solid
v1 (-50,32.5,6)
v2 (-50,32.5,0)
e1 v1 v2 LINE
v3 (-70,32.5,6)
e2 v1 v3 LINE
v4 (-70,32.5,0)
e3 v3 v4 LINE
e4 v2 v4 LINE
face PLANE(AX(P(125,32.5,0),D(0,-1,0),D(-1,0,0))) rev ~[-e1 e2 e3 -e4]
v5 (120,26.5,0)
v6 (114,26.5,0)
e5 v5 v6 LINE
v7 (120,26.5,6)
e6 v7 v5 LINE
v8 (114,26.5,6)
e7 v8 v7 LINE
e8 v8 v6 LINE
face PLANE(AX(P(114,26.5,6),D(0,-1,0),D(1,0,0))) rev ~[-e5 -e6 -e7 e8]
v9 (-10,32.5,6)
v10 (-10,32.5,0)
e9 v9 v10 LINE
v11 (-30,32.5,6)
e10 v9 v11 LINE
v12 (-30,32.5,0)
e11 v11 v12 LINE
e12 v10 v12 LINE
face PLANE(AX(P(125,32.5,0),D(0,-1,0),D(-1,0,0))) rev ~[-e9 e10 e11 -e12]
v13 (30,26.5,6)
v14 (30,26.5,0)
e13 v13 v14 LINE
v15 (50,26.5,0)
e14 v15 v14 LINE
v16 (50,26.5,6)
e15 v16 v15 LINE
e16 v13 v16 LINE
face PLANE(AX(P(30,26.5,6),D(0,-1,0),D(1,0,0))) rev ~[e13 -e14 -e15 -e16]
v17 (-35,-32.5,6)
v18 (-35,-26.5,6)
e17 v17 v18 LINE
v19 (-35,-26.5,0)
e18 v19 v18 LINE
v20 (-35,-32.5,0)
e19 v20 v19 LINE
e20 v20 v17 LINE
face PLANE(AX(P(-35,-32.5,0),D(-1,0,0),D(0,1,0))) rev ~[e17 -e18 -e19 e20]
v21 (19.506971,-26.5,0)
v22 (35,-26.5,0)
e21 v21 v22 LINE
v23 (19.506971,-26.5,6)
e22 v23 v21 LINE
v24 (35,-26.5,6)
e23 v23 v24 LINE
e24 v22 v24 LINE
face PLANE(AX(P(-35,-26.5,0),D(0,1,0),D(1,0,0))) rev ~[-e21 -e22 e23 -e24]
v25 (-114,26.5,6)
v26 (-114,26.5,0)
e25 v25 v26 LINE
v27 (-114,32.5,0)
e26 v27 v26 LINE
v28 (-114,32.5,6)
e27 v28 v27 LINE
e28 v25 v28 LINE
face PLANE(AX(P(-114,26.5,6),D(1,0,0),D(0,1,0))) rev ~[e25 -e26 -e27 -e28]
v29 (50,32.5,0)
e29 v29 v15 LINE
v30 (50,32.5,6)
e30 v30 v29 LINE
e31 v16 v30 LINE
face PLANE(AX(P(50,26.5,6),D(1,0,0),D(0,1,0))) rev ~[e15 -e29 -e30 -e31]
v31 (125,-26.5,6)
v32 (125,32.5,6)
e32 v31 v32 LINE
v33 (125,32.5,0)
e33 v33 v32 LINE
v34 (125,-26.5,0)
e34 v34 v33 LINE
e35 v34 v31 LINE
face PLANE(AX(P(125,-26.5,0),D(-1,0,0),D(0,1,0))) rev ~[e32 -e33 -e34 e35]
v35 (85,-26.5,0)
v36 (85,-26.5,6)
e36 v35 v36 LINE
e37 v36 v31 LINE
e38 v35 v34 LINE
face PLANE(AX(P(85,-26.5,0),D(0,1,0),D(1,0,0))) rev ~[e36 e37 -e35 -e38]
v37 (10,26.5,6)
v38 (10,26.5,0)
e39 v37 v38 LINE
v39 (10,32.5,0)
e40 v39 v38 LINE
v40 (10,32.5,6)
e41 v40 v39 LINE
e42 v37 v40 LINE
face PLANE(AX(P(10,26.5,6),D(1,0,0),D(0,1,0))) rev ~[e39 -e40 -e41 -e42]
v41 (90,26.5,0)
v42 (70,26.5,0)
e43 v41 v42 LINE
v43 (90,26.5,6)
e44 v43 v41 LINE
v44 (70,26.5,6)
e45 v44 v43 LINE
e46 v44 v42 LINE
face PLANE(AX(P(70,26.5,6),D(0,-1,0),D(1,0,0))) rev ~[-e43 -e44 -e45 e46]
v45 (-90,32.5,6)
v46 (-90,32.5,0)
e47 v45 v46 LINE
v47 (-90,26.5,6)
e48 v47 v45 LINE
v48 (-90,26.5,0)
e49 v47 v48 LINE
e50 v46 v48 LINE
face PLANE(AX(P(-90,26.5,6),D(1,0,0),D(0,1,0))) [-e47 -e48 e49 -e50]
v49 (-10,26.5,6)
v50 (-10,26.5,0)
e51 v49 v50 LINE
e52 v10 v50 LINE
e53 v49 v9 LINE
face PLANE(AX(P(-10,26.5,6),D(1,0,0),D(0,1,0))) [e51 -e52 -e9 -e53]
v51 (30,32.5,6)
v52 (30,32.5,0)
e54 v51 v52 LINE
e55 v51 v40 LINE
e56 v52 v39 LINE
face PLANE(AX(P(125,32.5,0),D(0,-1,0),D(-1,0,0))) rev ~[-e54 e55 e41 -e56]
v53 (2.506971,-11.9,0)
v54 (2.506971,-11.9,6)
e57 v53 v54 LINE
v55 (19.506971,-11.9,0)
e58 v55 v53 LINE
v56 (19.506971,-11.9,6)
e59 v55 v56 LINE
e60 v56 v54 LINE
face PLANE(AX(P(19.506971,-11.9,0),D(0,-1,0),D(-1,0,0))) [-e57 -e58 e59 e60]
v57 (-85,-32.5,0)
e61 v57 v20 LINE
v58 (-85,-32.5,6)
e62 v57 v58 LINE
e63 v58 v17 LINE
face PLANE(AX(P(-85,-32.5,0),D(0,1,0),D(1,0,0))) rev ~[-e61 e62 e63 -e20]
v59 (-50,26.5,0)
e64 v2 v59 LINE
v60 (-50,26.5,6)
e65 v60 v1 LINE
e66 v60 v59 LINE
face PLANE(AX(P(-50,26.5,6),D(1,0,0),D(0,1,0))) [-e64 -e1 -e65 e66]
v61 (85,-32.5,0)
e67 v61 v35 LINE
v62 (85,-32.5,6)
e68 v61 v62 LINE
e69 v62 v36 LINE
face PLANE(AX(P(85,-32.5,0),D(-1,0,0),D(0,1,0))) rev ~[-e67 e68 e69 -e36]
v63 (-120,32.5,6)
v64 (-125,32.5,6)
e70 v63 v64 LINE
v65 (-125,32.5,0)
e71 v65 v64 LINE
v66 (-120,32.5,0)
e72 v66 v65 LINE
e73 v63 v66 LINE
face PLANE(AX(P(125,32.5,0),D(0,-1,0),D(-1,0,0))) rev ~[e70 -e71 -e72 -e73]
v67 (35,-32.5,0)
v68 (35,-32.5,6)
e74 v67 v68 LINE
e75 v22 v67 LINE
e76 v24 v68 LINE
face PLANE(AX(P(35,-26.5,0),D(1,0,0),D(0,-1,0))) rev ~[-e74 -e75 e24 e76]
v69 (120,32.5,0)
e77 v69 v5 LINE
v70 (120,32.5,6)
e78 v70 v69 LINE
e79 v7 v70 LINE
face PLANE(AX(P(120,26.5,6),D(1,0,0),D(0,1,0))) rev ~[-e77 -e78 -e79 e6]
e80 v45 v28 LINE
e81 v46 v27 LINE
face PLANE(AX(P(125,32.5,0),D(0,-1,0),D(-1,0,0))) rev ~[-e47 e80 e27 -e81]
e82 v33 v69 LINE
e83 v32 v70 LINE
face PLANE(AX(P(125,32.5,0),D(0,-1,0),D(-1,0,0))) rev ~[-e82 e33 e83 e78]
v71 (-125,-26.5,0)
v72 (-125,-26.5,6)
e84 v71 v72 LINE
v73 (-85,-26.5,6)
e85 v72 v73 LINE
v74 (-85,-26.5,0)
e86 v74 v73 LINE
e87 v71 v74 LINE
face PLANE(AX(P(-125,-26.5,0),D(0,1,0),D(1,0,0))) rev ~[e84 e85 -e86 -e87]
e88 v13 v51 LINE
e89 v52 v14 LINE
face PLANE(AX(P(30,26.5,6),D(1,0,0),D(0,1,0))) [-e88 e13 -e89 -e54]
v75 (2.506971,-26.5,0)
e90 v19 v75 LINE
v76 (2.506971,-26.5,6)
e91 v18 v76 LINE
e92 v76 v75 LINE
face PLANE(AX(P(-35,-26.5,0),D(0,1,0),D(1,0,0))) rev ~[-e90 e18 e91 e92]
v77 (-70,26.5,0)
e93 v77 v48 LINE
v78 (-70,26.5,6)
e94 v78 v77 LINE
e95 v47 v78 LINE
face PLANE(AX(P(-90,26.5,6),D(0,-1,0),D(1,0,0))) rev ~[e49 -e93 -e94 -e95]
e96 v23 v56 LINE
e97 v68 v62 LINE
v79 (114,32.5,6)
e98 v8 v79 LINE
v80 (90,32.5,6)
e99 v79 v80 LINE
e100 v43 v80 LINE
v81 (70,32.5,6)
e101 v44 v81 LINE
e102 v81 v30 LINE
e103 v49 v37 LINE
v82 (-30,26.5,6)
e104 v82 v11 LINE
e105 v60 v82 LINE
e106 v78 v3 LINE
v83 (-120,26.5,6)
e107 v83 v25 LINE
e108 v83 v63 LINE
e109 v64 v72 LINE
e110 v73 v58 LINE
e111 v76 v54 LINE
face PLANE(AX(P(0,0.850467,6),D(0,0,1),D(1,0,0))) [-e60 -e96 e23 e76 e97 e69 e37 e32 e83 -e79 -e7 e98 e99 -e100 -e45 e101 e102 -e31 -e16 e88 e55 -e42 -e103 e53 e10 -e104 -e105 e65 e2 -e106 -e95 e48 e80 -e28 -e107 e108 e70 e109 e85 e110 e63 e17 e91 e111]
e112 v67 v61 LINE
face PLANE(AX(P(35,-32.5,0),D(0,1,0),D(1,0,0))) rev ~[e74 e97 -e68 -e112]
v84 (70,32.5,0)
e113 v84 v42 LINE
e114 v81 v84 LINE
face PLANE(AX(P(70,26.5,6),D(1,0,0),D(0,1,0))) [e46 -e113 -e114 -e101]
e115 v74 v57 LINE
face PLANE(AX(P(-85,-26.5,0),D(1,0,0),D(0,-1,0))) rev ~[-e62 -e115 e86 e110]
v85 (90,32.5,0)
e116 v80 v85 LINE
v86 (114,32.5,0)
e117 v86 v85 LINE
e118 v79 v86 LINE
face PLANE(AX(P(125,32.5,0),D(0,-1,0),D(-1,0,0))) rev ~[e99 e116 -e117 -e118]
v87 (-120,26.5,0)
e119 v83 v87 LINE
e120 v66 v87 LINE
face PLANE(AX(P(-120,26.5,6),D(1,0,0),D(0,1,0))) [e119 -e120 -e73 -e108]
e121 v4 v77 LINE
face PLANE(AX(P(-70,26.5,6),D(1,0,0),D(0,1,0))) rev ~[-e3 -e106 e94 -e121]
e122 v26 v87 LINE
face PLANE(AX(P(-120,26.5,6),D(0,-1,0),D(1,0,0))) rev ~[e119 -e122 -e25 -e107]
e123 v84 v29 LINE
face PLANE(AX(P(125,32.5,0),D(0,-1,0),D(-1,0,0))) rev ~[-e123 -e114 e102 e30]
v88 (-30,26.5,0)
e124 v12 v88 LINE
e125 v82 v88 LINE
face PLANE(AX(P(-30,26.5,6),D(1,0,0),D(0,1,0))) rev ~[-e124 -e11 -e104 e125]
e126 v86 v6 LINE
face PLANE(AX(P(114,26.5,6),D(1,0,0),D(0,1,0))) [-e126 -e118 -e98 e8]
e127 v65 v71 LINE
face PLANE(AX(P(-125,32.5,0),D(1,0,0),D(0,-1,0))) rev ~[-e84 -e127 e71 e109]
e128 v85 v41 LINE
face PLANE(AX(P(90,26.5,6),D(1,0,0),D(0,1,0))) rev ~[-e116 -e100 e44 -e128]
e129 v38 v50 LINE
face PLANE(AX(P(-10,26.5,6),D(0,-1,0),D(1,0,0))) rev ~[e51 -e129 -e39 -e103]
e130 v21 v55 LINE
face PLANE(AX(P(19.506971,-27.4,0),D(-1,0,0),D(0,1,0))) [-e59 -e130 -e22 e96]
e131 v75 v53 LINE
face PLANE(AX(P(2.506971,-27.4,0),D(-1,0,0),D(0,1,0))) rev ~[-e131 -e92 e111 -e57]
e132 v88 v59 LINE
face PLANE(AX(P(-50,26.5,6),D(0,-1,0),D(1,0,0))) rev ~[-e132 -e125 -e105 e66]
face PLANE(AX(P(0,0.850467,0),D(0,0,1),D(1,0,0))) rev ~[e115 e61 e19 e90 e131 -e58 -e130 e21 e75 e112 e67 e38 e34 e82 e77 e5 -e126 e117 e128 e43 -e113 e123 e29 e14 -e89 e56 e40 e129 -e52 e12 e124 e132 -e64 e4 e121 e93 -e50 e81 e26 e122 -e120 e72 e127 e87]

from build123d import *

# Parameters (mm, degrees)
BOSS_EXTRUDE1_DEPTH = 6
CUT_EXTRUDE1_REACH  = 8
SKETCH2_W           = 20
SKETCH2_H           = 6
SKETCH2_W_2         = 6
CUT_EXTRUDE2_REACH  = 8
SKETCH3_W           = 17
SKETCH3_H           = 15.5


with BuildPart() as part:
    # Sketch1 → Boss-Extrude1 (new body)
    with BuildSketch(Plane.XY):
        Polygon((-85, -26.5), (-85, -32.5), (-35, -32.5), (-35, -26.5), (35, -26.5), (35, -32.5), (85, -32.5), (85, -26.5), (125, -26.5), (125, 32.5), (-125, 32.5), (-125, -26.5), align=None)
    extrude(amount=BOSS_EXTRUDE1_DEPTH)

    # Sketch2 → Cut-Extrude1 (cut, up to next)
    with BuildSketch(Plane.XY.offset(6), mode=Mode.PRIVATE) as cut_extrude1_sk1:
        with Locations((-80, 29.5)):
            Rectangle(SKETCH2_W, SKETCH2_H)
    cut_extrude1_tool1 = extrude(cut_extrude1_sk1.sketch, amount=-CUT_EXTRUDE1_REACH, mode=Mode.PRIVATE) & part.part
    add(cut_extrude1_tool1.solids().sort_by_distance((-80, 29.5, 6))[0], mode=Mode.SUBTRACT)
    # Sketch2 → Cut-Extrude1 (cut, up to next)
    with BuildSketch(Plane.XY.offset(6), mode=Mode.PRIVATE) as cut_extrude1_sk2:
        with Locations((-40, 29.5)):
            Rectangle(SKETCH2_W, SKETCH2_H)
    cut_extrude1_tool2 = extrude(cut_extrude1_sk2.sketch, amount=-CUT_EXTRUDE1_REACH, mode=Mode.PRIVATE) & part.part
    add(cut_extrude1_tool2.solids().sort_by_distance((-40, 29.5, 6))[0], mode=Mode.SUBTRACT)
    # Sketch2 → Cut-Extrude1 (cut, up to next)
    with BuildSketch(Plane.XY.offset(6), mode=Mode.PRIVATE) as cut_extrude1_sk3:
        with Locations((0, 29.5)):
            Rectangle(SKETCH2_W, SKETCH2_H)
    cut_extrude1_tool3 = extrude(cut_extrude1_sk3.sketch, amount=-CUT_EXTRUDE1_REACH, mode=Mode.PRIVATE) & part.part
    add(cut_extrude1_tool3.solids().sort_by_distance((0, 29.5, 6))[0], mode=Mode.SUBTRACT)
    # Sketch2 → Cut-Extrude1 (cut, up to next)
    with BuildSketch(Plane.XY.offset(6), mode=Mode.PRIVATE) as cut_extrude1_sk4:
        with Locations((40, 29.5)):
            Rectangle(SKETCH2_W, SKETCH2_H)
    cut_extrude1_tool4 = extrude(cut_extrude1_sk4.sketch, amount=-CUT_EXTRUDE1_REACH, mode=Mode.PRIVATE) & part.part
    add(cut_extrude1_tool4.solids().sort_by_distance((40, 29.5, 6))[0], mode=Mode.SUBTRACT)
    # Sketch2 → Cut-Extrude1 (cut, up to next)
    with BuildSketch(Plane.XY.offset(6), mode=Mode.PRIVATE) as cut_extrude1_sk5:
        with Locations((80, 29.5)):
            Rectangle(SKETCH2_W, SKETCH2_H)
    cut_extrude1_tool5 = extrude(cut_extrude1_sk5.sketch, amount=-CUT_EXTRUDE1_REACH, mode=Mode.PRIVATE) & part.part
    add(cut_extrude1_tool5.solids().sort_by_distance((80, 29.5, 6))[0], mode=Mode.SUBTRACT)
    # Sketch2 → Cut-Extrude1 (cut, up to next)
    with BuildSketch(Plane.XY.offset(6), mode=Mode.PRIVATE) as cut_extrude1_sk6:
        with Locations((-117, 29.5)):
            Rectangle(SKETCH2_W_2, SKETCH2_H)
    cut_extrude1_tool6 = extrude(cut_extrude1_sk6.sketch, amount=-CUT_EXTRUDE1_REACH, mode=Mode.PRIVATE) & part.part
    add(cut_extrude1_tool6.solids().sort_by_distance((-117, 29.5, 6))[0], mode=Mode.SUBTRACT)
    # Sketch2 → Cut-Extrude1 (cut, up to next)
    with BuildSketch(Plane.XY.offset(6), mode=Mode.PRIVATE) as cut_extrude1_sk7:
        with Locations((117, 29.5)):
            Rectangle(SKETCH2_W_2, SKETCH2_H)
    cut_extrude1_tool7 = extrude(cut_extrude1_sk7.sketch, amount=-CUT_EXTRUDE1_REACH, mode=Mode.PRIVATE) & part.part
    add(cut_extrude1_tool7.solids().sort_by_distance((117, 29.5, 6))[0], mode=Mode.SUBTRACT)

    # Sketch3 → Cut-Extrude2 (cut, up to next)
    with BuildSketch(Plane(origin=(0, 0, 0), x_dir=(-1, 0, 0), z_dir=(0, 0, -1)), mode=Mode.PRIVATE) as cut_extrude2_sk1:
        with Locations((-11.006971283, -19.65)):
            Rectangle(SKETCH3_W, SKETCH3_H)
    cut_extrude2_tool1 = extrude(cut_extrude2_sk1.sketch, amount=-CUT_EXTRUDE2_REACH, mode=Mode.PRIVATE) & part.part
    add(cut_extrude2_tool1.solids().sort_by_distance((11.006971, -19.65, 0))[0], mode=Mode.SUBTRACT)


solid = part.part
